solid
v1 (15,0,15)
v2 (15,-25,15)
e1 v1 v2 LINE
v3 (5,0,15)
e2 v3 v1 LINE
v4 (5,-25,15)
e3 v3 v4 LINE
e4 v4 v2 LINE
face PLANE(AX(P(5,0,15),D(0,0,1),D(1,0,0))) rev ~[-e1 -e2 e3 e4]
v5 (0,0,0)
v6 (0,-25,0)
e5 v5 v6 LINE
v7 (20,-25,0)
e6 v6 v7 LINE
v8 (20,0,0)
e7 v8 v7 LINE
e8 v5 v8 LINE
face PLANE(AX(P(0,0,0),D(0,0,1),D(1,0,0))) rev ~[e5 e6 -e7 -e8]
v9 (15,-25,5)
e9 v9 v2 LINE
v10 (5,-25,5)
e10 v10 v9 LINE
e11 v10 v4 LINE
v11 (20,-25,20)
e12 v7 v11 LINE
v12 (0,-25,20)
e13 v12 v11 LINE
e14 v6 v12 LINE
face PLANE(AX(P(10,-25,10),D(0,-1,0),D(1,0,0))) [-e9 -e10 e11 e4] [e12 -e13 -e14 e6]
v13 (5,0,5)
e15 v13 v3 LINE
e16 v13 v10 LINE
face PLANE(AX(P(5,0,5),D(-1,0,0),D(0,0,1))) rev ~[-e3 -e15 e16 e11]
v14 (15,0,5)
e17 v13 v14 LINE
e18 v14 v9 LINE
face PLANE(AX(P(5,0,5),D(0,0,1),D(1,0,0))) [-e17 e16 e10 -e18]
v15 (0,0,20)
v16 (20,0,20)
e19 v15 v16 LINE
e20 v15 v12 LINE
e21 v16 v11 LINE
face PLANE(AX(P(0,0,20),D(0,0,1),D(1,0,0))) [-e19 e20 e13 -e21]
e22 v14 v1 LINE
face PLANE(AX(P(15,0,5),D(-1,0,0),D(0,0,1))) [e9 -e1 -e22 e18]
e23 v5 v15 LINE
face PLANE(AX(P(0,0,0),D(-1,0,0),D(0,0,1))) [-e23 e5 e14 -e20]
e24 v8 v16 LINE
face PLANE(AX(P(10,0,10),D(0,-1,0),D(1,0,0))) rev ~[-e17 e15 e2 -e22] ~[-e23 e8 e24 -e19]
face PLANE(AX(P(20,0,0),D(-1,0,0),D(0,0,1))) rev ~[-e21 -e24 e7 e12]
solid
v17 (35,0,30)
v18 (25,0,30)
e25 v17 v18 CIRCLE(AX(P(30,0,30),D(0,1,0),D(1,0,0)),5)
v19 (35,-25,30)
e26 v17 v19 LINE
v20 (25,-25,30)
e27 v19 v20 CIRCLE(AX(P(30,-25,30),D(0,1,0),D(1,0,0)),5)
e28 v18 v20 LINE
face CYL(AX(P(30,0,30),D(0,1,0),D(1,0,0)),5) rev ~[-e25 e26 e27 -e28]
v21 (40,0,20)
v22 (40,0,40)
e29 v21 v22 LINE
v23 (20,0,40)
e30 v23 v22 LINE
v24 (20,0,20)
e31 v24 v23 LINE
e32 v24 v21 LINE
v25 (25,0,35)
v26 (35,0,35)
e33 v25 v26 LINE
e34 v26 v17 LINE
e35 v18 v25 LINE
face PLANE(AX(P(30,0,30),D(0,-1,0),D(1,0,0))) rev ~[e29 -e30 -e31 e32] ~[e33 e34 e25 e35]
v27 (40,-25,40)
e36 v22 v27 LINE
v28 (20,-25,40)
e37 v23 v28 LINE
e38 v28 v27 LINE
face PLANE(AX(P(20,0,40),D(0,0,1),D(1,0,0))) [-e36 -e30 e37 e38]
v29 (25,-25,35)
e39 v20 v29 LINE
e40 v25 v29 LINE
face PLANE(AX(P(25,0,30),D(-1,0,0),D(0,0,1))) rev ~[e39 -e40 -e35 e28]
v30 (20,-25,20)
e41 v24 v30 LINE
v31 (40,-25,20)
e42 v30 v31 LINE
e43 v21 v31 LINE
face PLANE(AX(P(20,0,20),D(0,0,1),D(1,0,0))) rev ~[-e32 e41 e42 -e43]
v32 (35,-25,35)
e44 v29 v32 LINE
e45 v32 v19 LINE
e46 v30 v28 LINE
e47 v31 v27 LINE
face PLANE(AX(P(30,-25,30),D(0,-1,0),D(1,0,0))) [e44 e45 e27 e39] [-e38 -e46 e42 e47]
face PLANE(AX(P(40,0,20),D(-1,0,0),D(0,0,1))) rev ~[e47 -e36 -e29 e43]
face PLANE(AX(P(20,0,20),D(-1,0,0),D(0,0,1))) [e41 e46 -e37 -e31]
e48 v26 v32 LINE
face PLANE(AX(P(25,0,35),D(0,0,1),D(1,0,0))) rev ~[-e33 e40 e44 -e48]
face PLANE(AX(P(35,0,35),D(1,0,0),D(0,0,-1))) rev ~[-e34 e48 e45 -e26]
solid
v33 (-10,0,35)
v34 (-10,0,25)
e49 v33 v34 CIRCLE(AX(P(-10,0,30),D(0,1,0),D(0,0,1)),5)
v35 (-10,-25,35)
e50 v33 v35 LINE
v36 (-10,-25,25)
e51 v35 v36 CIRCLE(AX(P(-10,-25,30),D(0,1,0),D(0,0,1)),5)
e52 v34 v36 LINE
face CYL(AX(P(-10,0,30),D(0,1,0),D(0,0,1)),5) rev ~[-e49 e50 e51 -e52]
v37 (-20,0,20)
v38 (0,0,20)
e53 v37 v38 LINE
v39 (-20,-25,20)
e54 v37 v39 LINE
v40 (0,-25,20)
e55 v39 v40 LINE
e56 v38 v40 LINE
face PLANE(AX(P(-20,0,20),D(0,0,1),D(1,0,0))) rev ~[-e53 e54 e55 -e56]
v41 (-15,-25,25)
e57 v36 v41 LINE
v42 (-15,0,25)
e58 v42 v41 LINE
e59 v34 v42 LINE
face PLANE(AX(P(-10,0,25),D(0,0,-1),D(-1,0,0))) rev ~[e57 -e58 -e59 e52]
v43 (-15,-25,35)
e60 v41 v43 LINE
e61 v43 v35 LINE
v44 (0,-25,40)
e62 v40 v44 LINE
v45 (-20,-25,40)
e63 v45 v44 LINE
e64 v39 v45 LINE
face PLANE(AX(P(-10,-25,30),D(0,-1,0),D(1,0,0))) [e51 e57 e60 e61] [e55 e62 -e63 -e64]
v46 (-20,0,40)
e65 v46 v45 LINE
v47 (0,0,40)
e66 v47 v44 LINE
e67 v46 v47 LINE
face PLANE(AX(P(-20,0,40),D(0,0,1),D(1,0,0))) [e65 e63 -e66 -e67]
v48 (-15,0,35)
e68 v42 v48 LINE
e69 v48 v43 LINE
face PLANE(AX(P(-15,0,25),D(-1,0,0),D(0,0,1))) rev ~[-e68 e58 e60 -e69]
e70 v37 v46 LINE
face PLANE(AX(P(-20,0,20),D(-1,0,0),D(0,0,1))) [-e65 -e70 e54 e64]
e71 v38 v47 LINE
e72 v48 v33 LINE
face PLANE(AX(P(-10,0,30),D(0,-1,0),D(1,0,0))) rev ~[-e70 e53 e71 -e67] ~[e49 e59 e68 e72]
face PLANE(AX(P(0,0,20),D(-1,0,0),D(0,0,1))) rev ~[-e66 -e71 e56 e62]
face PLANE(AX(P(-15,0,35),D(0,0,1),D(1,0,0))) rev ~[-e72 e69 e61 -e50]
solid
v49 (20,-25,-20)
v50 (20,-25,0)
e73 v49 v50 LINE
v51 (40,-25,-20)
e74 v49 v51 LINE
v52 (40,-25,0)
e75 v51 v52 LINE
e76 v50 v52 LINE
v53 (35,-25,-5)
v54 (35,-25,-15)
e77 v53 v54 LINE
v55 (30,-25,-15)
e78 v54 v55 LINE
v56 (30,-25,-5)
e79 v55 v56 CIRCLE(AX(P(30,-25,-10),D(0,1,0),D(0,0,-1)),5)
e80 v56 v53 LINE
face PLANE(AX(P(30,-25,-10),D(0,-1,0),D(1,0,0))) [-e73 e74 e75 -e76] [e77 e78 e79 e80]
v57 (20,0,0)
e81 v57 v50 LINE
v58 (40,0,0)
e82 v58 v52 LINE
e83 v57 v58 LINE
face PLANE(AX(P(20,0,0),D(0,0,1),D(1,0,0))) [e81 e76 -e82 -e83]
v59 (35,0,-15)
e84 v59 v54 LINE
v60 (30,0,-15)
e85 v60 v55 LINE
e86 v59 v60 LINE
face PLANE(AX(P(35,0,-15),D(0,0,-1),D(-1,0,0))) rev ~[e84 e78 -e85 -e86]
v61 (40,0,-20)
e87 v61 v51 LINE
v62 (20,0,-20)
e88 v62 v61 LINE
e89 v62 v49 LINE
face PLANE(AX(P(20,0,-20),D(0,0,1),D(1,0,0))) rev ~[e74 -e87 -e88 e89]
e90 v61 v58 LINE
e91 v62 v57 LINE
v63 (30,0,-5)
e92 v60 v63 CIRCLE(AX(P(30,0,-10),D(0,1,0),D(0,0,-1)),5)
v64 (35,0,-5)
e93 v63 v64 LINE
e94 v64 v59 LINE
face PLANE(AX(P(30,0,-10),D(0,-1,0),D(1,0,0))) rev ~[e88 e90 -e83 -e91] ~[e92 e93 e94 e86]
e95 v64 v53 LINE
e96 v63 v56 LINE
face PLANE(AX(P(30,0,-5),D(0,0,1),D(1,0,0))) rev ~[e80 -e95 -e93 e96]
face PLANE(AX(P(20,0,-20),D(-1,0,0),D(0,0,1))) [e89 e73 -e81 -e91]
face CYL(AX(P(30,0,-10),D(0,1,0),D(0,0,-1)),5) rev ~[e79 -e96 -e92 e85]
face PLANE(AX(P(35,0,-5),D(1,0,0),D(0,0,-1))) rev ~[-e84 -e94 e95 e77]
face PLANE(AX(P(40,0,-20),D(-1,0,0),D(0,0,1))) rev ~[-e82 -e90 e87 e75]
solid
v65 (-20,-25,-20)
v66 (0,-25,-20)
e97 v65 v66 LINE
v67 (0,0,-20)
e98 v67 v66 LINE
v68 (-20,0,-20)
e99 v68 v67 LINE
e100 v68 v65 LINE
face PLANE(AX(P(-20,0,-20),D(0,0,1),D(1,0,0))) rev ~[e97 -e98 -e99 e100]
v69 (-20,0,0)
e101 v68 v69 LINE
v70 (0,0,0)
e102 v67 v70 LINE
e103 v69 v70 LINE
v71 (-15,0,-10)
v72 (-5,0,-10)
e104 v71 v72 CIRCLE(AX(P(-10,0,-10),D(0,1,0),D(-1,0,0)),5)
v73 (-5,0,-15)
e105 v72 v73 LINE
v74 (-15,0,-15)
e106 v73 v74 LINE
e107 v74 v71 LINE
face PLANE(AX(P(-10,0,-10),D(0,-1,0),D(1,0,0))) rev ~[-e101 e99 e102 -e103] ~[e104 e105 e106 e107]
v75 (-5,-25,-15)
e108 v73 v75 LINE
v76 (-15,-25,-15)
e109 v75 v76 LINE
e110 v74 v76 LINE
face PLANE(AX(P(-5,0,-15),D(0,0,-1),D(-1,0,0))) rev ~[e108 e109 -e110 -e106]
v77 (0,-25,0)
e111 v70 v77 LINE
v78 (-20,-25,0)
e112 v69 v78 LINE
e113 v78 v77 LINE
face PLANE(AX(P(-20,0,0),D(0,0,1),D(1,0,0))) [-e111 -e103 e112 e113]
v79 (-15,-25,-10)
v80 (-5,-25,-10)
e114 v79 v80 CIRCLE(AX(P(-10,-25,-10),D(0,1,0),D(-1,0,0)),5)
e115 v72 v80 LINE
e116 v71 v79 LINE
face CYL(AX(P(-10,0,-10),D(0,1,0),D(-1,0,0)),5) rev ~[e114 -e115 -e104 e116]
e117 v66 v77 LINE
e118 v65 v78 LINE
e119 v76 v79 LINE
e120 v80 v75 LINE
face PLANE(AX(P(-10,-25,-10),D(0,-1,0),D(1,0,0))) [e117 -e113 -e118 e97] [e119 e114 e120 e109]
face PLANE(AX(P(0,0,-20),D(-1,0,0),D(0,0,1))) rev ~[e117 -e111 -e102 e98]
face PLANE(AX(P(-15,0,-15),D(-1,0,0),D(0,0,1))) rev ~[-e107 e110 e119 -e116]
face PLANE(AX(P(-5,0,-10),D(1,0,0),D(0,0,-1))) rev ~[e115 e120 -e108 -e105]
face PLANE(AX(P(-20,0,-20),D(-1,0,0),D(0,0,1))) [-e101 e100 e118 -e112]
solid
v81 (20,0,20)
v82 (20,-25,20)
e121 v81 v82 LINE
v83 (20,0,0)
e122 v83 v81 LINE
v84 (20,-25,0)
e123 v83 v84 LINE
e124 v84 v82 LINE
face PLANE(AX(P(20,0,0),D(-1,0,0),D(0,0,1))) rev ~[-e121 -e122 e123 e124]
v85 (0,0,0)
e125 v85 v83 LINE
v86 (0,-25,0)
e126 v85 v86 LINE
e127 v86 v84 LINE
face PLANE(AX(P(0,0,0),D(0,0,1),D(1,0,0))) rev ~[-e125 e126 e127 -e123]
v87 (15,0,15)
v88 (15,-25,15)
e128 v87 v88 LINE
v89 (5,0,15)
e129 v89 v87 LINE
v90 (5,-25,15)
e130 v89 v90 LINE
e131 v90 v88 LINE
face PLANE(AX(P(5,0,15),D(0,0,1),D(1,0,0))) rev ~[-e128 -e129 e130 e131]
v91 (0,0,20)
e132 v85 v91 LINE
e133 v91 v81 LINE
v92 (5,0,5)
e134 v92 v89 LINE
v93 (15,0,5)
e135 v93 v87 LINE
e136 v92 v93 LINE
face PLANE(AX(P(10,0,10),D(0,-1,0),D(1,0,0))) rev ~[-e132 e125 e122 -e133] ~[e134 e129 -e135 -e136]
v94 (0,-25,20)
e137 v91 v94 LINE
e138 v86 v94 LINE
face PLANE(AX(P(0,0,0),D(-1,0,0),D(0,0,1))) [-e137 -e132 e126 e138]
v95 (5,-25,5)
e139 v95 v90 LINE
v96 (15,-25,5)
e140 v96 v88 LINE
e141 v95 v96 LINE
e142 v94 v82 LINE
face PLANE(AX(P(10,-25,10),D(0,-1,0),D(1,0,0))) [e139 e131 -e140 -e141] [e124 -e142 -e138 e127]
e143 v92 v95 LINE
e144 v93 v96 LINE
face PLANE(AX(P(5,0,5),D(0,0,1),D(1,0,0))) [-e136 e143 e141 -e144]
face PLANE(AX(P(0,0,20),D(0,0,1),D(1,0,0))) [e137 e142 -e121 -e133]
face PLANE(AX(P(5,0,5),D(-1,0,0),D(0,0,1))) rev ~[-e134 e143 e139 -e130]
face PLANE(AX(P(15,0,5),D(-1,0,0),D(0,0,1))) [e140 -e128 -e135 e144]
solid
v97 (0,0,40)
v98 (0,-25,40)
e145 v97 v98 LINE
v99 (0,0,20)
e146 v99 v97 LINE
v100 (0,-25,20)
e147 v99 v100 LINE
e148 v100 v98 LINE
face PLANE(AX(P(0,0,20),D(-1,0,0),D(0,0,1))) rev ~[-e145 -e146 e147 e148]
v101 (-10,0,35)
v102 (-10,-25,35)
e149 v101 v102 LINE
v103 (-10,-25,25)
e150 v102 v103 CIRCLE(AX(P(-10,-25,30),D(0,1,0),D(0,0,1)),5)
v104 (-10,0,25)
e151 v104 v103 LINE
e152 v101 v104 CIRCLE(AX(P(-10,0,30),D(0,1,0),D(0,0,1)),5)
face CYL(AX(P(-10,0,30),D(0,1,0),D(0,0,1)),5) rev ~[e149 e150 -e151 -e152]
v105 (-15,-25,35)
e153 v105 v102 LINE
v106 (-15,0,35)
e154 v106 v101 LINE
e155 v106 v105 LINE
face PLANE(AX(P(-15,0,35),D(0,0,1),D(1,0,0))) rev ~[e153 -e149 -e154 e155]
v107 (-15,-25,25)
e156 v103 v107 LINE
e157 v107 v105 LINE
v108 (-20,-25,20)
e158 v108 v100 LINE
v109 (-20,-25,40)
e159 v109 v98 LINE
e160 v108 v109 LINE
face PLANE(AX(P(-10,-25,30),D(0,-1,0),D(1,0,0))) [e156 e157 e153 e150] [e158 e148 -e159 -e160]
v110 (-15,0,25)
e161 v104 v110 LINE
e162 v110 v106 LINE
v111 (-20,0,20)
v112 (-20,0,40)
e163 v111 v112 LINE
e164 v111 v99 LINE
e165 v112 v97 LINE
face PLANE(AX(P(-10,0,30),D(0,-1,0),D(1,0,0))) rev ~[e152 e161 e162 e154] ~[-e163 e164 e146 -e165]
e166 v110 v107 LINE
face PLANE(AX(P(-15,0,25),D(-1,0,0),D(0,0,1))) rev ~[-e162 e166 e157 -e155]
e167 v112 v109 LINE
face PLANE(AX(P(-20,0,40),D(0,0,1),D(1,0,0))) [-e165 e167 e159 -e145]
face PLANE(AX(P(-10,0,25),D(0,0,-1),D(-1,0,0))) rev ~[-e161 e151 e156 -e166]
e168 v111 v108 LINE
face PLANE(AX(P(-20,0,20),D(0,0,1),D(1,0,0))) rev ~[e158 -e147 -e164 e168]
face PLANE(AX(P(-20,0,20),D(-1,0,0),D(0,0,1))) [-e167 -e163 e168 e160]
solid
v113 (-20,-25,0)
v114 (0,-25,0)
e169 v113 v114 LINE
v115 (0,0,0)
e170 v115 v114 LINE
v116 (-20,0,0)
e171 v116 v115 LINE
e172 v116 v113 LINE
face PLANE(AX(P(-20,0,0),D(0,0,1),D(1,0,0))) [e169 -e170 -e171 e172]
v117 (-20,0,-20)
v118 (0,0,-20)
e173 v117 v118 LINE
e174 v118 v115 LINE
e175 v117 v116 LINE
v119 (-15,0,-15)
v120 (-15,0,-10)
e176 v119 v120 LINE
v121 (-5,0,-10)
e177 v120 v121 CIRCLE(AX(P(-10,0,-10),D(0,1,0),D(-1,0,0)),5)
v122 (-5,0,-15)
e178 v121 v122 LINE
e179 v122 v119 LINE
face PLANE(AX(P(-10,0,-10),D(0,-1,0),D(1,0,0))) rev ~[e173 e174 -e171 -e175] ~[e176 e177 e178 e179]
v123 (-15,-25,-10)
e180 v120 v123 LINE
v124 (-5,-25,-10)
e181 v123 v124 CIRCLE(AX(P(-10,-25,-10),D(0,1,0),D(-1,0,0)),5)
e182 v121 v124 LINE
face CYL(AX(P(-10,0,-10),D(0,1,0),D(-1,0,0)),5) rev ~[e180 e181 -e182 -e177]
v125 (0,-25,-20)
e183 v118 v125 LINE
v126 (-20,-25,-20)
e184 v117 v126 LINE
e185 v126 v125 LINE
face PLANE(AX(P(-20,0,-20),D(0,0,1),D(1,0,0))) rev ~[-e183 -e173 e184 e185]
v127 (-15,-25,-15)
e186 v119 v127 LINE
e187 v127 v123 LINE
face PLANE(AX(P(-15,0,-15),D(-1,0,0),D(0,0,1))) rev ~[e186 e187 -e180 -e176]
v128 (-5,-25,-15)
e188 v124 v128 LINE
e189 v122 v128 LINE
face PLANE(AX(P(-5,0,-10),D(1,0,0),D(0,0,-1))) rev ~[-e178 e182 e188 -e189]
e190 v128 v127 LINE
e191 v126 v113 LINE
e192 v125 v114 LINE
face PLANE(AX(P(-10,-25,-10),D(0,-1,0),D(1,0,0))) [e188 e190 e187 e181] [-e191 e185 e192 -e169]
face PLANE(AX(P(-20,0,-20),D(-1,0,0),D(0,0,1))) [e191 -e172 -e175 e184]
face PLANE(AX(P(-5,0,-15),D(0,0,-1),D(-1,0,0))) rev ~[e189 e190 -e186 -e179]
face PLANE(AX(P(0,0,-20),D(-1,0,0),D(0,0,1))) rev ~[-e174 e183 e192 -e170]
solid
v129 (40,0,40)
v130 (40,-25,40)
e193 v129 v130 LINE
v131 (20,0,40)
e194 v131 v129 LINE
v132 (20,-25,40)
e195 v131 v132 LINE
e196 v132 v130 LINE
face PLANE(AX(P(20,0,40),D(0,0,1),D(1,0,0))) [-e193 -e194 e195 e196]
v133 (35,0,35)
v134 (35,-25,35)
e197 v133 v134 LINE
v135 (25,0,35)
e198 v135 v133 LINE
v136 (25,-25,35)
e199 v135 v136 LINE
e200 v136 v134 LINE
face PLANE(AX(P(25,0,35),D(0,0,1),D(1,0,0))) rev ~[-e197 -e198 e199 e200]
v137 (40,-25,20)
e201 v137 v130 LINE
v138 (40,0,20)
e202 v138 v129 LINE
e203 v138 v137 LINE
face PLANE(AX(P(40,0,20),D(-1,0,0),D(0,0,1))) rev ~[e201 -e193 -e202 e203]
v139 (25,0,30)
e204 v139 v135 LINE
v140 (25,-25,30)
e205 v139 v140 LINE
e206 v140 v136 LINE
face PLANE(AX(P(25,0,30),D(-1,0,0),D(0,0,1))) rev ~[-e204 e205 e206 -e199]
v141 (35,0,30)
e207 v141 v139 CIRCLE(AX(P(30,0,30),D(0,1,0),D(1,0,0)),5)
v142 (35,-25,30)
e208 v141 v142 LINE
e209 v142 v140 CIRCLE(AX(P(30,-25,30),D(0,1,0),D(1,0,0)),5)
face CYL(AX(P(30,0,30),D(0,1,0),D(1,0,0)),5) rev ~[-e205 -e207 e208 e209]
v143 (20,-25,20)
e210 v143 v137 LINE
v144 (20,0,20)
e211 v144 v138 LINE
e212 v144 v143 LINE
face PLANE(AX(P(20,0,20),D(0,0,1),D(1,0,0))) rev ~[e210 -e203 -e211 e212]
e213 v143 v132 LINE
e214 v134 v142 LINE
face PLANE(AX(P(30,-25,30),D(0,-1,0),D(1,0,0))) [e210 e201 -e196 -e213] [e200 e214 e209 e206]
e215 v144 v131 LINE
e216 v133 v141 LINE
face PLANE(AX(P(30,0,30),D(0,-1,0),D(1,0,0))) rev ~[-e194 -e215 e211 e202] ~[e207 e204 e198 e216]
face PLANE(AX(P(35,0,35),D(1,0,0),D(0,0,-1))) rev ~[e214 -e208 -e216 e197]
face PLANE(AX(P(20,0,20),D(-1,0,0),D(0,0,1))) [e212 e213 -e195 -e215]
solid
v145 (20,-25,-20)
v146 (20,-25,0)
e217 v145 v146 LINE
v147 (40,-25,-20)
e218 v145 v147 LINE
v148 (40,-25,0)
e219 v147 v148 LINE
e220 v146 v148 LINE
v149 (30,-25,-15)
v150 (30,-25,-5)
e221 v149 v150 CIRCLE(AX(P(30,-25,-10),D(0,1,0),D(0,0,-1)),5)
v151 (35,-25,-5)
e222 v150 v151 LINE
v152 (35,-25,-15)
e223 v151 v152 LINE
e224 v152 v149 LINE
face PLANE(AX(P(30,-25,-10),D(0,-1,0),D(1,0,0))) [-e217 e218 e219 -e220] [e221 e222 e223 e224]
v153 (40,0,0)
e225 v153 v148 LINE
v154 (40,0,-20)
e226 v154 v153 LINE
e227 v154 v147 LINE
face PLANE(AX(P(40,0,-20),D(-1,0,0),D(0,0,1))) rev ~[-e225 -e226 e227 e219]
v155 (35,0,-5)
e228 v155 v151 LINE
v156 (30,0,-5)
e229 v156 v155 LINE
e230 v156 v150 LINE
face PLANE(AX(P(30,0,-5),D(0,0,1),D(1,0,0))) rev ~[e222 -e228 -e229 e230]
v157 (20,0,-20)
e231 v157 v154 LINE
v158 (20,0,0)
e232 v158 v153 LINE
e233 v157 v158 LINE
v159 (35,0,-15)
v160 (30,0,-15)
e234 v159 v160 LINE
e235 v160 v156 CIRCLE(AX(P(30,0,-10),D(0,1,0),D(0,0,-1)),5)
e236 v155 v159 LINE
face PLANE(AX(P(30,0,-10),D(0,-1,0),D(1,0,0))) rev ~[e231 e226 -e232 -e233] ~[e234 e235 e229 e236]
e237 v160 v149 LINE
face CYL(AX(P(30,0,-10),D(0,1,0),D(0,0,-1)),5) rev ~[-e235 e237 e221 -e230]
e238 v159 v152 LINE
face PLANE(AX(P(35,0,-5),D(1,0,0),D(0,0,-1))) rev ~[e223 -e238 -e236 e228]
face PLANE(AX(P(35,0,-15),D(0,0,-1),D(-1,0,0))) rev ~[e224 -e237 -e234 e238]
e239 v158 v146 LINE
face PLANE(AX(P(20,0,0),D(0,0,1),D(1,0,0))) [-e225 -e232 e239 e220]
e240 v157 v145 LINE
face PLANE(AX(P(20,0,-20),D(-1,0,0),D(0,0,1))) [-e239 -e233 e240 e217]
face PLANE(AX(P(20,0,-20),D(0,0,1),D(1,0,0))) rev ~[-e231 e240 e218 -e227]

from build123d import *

# Parameters (mm, degrees)
F0_W     = 20
F0_H     = 20
F0_W_2   = 10
F0_H_2   = 10
F1_DEPTH = 25
F2_DEPTH = 25


with BuildPart() as f1:
    # F0 (on Front) → F1 (new body)
    with BuildSketch(Plane.XZ):
        with Locations((10, 10)):
            Rectangle(F0_W, F0_H)
        with Locations((10, 10)):
            Rectangle(F0_W_2, F0_H_2, mode=Mode.SUBTRACT)
        with Locations((30, -10)):
            Rectangle(F0_W, F0_H)
        with BuildLine():
            Line((35, -5), (35, -15))
            Line((35, -15), (30, -15))
            ThreePointArc((30, -15), (25, -10), (30, -5))
            Line((30, -5), (35, -5))
        make_face(mode=Mode.SUBTRACT)
        with Locations((-10, 30)):
            Rectangle(F0_W, F0_H)
        with BuildLine():
            ThreePointArc((-10, 35), (-5, 30), (-10, 25))
            Line((-10, 25), (-15, 25))
            Line((-15, 25), (-15, 35))
            Line((-15, 35), (-10, 35))
        make_face(mode=Mode.SUBTRACT)
        with Locations((-10, -10)):
            Rectangle(F0_W, F0_H)
        with BuildLine():
            Line((-5, -10), (-5, -15))
            Line((-5, -15), (-15, -15))
            Line((-15, -15), (-15, -10))
            ThreePointArc((-15, -10), (-10, -5), (-5, -10))
        make_face(mode=Mode.SUBTRACT)
        with Locations((30, 30)):
            Rectangle(F0_W, F0_H)
        with BuildLine():
            Line((25, 35), (35, 35))
            Line((35, 35), (35, 30))
            ThreePointArc((35, 30), (30, 25), (25, 30))
            Line((25, 30), (25, 35))
        make_face(mode=Mode.SUBTRACT)
    extrude(amount=F1_DEPTH)


with BuildPart() as f2:
    # F0 (on Front) → F2 (new body)
    with BuildSketch(Plane.XZ):
        with Locations((10, 10)):
            Rectangle(F0_W, F0_H)
        with Locations((10, 10)):
            Rectangle(F0_W_2, F0_H_2, mode=Mode.SUBTRACT)
        with Locations((-10, 30)):
            Rectangle(F0_W, F0_H)
        with BuildLine():
            ThreePointArc((-10, 35), (-5, 30), (-10, 25))
            Line((-10, 25), (-15, 25))
            Line((-15, 25), (-15, 35))
            Line((-15, 35), (-10, 35))
        make_face(mode=Mode.SUBTRACT)
        with Locations((30, 30)):
            Rectangle(F0_W, F0_H)
        with BuildLine():
            Line((25, 35), (35, 35))
            Line((35, 35), (35, 30))
            ThreePointArc((35, 30), (30, 25), (25, 30))
            Line((25, 30), (25, 35))
        make_face(mode=Mode.SUBTRACT)
        with Locations((30, -10)):
            Rectangle(F0_W, F0_H)
        with BuildLine():
            Line((35, -5), (35, -15))
            Line((35, -15), (30, -15))
            ThreePointArc((30, -15), (25, -10), (30, -5))
            Line((30, -5), (35, -5))
        make_face(mode=Mode.SUBTRACT)
        with Locations((-10, -10)):
            Rectangle(F0_W, F0_H)
        with BuildLine():
            Line((-5, -10), (-5, -15))
            Line((-5, -15), (-15, -15))
            Line((-15, -15), (-15, -10))
            ThreePointArc((-15, -10), (-10, -5), (-5, -10))
        make_face(mode=Mode.SUBTRACT)
    extrude(amount=F2_DEPTH)


solid = Compound([f1.part, f2.part])
